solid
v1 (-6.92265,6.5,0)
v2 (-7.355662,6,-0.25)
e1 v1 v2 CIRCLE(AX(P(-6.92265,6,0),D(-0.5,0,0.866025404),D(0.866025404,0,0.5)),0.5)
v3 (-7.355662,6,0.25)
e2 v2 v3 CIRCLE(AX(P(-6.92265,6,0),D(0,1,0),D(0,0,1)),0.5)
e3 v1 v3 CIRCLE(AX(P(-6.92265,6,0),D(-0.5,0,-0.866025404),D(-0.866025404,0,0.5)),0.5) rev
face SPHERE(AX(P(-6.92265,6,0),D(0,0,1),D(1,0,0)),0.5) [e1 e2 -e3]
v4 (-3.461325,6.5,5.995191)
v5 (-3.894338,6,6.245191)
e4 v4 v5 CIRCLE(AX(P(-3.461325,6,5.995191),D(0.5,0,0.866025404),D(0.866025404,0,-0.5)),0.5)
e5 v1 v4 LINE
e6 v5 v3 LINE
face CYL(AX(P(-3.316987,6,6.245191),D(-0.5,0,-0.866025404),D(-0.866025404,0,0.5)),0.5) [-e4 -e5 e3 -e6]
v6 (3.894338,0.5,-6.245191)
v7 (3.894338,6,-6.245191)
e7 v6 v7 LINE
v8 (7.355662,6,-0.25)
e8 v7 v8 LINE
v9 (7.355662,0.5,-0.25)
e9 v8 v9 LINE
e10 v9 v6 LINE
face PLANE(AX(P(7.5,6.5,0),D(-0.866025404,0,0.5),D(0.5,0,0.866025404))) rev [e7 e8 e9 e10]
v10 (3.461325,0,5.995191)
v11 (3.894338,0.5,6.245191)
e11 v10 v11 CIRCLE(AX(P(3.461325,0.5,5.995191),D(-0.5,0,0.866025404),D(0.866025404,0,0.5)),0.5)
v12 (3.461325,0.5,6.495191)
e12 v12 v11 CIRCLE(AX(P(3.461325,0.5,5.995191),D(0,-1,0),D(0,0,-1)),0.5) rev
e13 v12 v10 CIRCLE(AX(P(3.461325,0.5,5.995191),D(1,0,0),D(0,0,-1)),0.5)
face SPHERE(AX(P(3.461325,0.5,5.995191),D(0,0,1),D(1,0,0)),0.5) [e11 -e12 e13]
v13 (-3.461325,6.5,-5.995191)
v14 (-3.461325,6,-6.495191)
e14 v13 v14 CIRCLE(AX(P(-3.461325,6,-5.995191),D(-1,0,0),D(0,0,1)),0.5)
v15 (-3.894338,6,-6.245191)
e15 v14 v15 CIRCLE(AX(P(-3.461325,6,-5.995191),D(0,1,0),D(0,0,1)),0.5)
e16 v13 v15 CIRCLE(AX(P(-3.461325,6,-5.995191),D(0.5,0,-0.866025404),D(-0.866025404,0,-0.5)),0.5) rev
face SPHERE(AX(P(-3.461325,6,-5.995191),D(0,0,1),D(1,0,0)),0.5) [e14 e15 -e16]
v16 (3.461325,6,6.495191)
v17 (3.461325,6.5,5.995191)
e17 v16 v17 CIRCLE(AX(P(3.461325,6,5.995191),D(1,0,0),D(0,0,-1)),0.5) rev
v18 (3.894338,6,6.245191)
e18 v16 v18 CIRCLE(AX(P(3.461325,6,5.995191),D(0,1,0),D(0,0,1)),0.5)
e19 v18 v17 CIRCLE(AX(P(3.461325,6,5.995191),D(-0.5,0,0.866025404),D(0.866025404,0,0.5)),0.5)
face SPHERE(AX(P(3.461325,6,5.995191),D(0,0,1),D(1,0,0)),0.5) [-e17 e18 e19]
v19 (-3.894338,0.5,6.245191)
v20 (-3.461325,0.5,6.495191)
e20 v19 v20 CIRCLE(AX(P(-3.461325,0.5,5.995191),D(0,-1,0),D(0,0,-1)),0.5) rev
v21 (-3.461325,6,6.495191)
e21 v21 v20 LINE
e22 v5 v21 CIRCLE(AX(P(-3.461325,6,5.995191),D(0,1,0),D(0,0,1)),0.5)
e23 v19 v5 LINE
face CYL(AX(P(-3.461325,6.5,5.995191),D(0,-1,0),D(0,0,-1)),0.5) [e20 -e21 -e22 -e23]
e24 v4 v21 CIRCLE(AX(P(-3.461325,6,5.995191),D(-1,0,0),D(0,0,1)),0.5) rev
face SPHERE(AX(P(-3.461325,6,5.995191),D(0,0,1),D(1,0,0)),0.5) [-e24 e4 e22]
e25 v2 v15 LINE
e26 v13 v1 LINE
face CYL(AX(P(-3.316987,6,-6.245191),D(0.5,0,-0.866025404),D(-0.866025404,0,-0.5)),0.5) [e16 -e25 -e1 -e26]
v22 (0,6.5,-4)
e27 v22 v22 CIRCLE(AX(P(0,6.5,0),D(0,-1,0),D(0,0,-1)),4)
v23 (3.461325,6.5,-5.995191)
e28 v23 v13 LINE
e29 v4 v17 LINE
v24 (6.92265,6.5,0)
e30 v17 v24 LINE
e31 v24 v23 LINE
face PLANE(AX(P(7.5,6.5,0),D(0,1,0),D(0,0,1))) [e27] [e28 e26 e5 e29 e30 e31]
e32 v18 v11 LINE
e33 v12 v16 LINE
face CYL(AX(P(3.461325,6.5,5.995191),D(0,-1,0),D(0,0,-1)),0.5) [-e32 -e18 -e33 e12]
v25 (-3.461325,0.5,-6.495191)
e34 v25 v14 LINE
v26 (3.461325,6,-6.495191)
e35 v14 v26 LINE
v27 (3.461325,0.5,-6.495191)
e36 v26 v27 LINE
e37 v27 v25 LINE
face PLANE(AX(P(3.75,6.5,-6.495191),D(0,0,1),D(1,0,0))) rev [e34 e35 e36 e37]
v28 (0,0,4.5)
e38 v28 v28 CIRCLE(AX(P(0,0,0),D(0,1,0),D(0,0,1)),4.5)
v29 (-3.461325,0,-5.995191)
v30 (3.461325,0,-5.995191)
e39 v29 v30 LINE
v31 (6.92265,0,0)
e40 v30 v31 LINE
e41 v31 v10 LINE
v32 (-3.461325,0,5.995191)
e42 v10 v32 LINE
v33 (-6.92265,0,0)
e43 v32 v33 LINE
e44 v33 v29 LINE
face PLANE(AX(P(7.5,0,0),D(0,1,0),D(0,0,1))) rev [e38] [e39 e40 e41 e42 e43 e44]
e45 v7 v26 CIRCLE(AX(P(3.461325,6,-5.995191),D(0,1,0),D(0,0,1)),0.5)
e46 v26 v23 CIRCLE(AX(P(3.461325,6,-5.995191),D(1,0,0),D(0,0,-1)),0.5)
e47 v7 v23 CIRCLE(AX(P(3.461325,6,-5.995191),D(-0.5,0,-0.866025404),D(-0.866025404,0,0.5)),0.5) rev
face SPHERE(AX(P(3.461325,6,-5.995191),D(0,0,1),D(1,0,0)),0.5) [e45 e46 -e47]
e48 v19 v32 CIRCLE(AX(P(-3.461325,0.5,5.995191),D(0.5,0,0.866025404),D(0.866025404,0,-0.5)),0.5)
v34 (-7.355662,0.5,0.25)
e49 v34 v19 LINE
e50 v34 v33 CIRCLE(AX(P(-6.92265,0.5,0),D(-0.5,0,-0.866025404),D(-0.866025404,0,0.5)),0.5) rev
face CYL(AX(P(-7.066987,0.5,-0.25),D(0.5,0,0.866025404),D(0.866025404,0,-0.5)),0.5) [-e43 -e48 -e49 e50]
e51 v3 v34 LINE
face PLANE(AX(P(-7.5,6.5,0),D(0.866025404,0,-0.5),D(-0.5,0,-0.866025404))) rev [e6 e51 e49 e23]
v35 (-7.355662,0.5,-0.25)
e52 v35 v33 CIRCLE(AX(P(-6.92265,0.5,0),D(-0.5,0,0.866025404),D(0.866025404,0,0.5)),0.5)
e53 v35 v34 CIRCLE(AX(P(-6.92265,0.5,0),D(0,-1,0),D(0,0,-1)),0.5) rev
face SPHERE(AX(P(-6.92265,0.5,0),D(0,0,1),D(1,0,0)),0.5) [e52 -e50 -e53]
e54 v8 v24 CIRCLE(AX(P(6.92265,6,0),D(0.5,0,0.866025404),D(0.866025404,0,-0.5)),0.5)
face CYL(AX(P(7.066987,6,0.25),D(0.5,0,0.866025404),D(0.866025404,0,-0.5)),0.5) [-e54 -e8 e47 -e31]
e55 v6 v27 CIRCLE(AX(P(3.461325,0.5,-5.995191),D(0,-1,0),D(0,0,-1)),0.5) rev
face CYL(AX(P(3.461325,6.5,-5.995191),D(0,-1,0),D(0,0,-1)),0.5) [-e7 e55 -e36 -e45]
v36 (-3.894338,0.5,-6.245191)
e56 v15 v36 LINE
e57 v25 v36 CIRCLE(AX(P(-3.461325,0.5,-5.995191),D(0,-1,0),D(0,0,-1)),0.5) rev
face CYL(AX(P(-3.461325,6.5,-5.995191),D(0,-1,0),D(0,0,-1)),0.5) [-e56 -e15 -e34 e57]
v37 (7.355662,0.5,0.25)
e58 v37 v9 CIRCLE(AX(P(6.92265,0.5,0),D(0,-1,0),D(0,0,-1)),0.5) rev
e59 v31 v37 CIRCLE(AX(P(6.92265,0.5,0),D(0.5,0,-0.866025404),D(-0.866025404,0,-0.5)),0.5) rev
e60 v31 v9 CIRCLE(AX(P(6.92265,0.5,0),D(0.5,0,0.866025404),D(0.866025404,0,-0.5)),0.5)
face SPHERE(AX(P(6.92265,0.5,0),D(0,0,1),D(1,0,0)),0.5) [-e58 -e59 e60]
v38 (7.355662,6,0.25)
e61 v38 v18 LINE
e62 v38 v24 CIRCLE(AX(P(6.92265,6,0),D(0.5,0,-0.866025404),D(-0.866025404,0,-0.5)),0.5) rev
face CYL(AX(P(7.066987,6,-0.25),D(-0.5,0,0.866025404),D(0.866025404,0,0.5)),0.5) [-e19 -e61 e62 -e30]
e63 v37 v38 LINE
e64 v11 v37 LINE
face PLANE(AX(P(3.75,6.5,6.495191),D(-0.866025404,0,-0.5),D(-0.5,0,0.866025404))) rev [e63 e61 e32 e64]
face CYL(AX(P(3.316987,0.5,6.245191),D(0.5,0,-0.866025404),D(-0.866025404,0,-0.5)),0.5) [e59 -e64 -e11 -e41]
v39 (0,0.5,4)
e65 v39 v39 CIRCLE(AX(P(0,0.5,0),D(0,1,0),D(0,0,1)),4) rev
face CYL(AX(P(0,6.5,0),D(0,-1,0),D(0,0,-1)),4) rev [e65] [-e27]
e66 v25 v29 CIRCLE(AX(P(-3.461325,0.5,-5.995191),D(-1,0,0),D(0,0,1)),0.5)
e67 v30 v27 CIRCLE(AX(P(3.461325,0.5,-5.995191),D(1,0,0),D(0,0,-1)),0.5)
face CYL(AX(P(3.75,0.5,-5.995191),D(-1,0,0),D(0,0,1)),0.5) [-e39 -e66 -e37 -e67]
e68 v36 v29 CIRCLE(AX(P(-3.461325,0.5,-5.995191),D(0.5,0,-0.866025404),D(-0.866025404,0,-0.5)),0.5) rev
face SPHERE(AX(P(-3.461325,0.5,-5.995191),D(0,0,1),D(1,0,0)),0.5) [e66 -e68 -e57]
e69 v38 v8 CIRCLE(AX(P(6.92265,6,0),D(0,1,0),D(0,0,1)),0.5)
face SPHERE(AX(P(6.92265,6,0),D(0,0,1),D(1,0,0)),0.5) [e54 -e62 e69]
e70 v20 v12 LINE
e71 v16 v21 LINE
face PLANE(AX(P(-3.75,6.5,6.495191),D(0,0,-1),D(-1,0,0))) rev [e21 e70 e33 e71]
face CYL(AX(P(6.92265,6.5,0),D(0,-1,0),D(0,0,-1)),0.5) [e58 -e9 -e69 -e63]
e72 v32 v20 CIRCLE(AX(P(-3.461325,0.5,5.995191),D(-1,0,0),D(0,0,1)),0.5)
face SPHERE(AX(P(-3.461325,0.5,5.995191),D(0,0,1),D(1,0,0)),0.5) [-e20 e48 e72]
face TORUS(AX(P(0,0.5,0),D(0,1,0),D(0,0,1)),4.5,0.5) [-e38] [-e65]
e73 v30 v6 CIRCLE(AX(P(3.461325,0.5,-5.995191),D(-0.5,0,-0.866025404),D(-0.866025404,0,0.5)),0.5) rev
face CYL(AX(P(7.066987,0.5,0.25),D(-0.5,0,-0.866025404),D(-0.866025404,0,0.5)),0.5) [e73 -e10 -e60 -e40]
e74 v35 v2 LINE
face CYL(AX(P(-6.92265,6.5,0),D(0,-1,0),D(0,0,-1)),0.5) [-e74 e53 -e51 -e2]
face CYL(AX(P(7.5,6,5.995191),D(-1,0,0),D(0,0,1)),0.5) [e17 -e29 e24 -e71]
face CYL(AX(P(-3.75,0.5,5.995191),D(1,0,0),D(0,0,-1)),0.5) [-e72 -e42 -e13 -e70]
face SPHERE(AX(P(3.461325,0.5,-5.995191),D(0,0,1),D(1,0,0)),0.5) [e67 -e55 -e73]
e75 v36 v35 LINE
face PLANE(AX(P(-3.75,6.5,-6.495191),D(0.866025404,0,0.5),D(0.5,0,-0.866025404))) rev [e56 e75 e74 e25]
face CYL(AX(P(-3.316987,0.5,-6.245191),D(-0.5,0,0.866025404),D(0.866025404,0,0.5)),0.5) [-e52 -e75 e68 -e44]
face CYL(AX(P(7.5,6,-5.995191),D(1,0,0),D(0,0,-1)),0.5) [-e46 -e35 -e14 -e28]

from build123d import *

# Parameters (mm, degrees)
EXTRUDE3_DEPTH = 6.5
FILLET3_R      = 0.5
SKETCH2_R      = 4
EXTRUDE4_DEPTH = 6.5
FILLET5_R      = 0.5


with BuildPart() as part:
    # Sketch1 → Extrude3 (new body)
    with BuildSketch(Plane(origin=(0, 0, 0), x_dir=(1, 0, 0), z_dir=(0, 1, 0))):
        Polygon((7.5, 0), (3.75, 6.495190528), (-3.75, 6.495190528), (-7.5, 0), (-3.75, -6.495190528), (3.75, -6.495190528), align=None)
    extrude(amount=EXTRUDE3_DEPTH)

    # Fillet3
    fillet3_edges = [part.edges().sort_by_distance(p)[0] for p in [
        (0, 6.5, -6.495190528),
        (3.75, 3.25, 6.495190528),
        (-3.75, 3.25, 6.495190528),
        (-7.5, 3.25, 0),
        (-3.75, 3.25, -6.495190528),
        (3.75, 3.25, -6.495190528),
        (7.5, 3.25, 0),
        (-5.625, 6.5, -3.247595264),
        (-5.625, 6.5, 3.247595264),
        (0, 6.5, 6.495190528),
        (5.625, 6.5, 3.247595264),
        (0, 0, 6.495190528),
        (-5.625, 0, 3.247595264),
        (-5.625, 0, -3.247595264),
        (5.625, 6.5, -3.247595264),
        (0, 0, -6.495190528),
        (5.625, 0, -3.247595264),
        (5.625, 0, 3.247595264),
    ]]
    fillet(fillet3_edges, radius=FILLET3_R)

    # Sketch2 → Extrude4 (cut)
    with BuildSketch(Plane.XZ):
        Circle(SKETCH2_R)
    extrude(amount=-EXTRUDE4_DEPTH, mode=Mode.SUBTRACT)

    # Fillet5
    fillet5_edges = [part.edges().sort_by_distance(p)[0] for p in [
        (-4, 0, 0),
    ]]
    fillet(fillet5_edges, radius=FILLET5_R)


solid = part.part
